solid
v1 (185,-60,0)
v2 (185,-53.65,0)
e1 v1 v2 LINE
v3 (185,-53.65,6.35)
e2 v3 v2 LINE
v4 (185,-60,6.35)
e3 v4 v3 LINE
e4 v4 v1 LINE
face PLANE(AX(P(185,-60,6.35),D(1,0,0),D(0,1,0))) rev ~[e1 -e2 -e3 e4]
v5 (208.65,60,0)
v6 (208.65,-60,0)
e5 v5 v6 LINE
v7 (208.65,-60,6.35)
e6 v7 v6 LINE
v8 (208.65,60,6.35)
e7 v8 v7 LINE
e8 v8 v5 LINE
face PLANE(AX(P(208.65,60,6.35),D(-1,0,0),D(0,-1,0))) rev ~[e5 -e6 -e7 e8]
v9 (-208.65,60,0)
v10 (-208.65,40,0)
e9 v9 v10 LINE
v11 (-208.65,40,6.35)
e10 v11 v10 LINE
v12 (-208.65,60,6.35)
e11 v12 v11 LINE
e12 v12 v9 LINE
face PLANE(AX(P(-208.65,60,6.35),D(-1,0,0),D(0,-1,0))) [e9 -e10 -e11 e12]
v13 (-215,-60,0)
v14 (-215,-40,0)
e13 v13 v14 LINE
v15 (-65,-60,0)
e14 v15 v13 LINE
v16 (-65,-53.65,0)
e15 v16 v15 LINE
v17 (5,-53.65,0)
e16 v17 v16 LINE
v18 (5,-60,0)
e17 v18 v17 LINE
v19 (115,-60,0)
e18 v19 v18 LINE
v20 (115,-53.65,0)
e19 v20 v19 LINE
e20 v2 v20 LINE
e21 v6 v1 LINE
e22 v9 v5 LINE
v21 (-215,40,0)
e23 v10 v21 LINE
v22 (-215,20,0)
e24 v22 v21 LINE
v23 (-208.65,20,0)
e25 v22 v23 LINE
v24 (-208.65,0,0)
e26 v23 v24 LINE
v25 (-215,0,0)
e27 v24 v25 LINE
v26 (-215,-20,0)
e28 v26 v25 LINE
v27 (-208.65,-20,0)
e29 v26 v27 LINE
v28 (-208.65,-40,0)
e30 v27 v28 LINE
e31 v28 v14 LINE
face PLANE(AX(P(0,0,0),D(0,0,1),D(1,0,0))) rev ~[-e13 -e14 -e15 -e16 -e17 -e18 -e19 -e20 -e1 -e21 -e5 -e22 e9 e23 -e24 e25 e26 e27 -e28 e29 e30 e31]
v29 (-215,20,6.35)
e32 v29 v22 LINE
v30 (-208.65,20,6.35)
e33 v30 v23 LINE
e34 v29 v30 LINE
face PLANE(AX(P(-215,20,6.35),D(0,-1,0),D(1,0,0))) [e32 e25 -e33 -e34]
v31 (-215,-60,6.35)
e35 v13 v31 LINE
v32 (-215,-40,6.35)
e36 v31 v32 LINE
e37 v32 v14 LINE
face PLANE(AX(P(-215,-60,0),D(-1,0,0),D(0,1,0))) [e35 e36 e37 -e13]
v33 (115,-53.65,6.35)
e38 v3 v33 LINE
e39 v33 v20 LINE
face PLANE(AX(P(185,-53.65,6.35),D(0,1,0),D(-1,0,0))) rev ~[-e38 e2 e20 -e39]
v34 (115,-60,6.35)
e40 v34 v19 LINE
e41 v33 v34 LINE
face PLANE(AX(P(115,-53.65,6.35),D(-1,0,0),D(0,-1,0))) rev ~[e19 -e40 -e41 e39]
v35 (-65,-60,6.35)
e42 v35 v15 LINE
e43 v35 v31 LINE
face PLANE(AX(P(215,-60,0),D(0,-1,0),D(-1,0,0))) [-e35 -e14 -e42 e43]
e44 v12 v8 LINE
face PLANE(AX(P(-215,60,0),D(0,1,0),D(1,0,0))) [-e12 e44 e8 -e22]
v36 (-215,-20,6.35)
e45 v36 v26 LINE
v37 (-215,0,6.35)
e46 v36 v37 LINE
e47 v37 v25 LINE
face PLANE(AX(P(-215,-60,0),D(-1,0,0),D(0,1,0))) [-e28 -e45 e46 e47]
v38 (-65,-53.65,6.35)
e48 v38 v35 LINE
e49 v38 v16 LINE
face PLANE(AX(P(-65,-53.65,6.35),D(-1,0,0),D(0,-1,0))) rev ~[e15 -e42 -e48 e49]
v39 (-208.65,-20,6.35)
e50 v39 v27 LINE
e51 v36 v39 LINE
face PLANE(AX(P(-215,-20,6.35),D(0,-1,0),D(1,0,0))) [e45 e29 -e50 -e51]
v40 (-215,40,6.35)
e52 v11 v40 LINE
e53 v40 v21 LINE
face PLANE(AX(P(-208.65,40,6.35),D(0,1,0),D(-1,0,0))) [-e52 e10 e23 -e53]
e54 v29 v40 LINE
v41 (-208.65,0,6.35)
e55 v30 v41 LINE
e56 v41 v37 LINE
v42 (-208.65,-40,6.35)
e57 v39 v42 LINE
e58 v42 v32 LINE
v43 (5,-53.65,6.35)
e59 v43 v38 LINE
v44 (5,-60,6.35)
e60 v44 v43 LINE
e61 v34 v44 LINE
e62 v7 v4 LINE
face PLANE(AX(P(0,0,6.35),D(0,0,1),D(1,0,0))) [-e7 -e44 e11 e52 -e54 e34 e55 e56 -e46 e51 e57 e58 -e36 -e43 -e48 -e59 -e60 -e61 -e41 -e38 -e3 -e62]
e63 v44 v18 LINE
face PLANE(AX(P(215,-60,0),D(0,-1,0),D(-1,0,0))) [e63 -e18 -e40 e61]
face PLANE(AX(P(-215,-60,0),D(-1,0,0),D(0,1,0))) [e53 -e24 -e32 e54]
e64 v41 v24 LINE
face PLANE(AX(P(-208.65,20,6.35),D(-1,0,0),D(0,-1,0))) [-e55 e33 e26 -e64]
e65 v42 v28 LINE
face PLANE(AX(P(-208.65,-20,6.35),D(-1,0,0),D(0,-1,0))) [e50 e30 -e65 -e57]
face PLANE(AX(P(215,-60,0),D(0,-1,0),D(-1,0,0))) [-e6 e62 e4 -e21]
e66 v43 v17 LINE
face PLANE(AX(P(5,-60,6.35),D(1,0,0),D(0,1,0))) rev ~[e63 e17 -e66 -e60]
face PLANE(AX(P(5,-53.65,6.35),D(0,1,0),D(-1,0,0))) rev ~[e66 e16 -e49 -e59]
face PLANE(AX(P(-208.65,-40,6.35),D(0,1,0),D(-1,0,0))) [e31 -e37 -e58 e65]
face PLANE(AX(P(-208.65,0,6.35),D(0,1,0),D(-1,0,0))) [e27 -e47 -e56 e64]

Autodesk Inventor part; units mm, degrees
ref_plane "YZ Plane" through (0, 0, 0) normal (1, 0, 0) x (0, 1, 0)
ref_plane "XZ Plane" through (0, 0, 0) normal (0, 1, 0) x (-1, 0, 0)
ref_plane "XY Plane" through (0, 0, 0) normal (0, 0, 1) x (1, 0, 0)
sketch "Sketch1" plane through (0, 0, 0) normal (0, 0, 1) x (1, 0, 0)
  line L0 (-215, 60) -> (215, 60)
  line L1 (215, 60) -> (215, -60)
  line L2 (215, -60) -> (-215, -60)
  line L3 (-215, -60) -> (-215, 60)
  point P0 (0, 0)
  dimension "d0" = 120
  dimension "d1" = 430
  dimension "d2" = 215
  dimension "d3" = 60
extrude "Extrusion1" add sketch "Sketch1" along normal blind 6.35
sketch "Sketch2" plane through (0, 0, 6.35) normal (0, 0, 1) x (1, 0, 0)
  line L0 (215, 60) -> (-215, 60) projected
  line L1 (-215, 60) -> (-208.65, 60)
  line L2 (-208.65, 60) -> (-208.65, 40)
  line L3 (-208.65, 40) -> (-215, 40)
  line L4 (-215, 40) -> (-215, 60)
  line L5 (-215, 60) -> (-215, -60) projected
  line L6 (-215, 20) -> (-208.65, 20)
  line L7 (-208.65, 20) -> (-208.65, 0)
  line L8 (-208.65, 0) -> (-215, 0)
  line L9 (-215, 0) -> (-215, 20)
  line L10 (-215, -20) -> (-208.65, -20)
  line L11 (-208.65, -20) -> (-208.65, -40)
  line L12 (-208.65, -40) -> (-215, -40)
  line L13 (-215, -40) -> (-215, -20)
  line L14 (-215, -60) -> (-215, -55)
  line L15 (215, 60) -> (208.65, 60)
  line L16 (208.65, 60) -> (208.65, 40)
  line L17 (208.65, 40) -> (215, 40)
  line L18 (215, 40) -> (215, 60)
  line L19 (215, -60) -> (215, 60) projected
  line L20 (215, 20) -> (208.65, 20)
  line L21 (208.65, 20) -> (208.65, 0)
  line L22 (208.65, 0) -> (215, 0)
  line L23 (215, 0) -> (215, 20)
  line L24 (215, -20) -> (208.65, -20)
  line L25 (208.65, -20) -> (208.65, -40)
  line L26 (208.65, -40) -> (215, -40)
  line L27 (215, -40) -> (215, -20)
  line L28 (215, -60) -> (215, 60) projected
  line L29 (215, -60) -> (215, -55)
  point P0 (0, 0)
  point P1 (208.65, -60)
  dimension "d6" = 6.35
  dimension "d7" = 20
  dimension "d8" = 20
  dimension "d9" = 20
  dimension "d10" = 20
  dimension "d11" = 20
  dimension "d13" = 20
  dimension "d14" = 20
  dimension "d15" = 20
  dimension "d16" = 20
  dimension "d17" = 20
  dimension "d19" = 6.35
extrude "Extrusion2" cut sketch "Sketch2" against normal through all
sketch "Sketch3" plane through (0, 0, 6.35) normal (0, 0, 1) x (1, 0, 0)
  line L0 (-215, -60) -> (215, -60) projected
  line L1 (-65, -60) -> (5, -60)
  line L2 (5, -60) -> (5, -53.65)
  line L3 (5, -53.65) -> (-65, -53.65)
  line L4 (-65, -53.65) -> (-65, -60)
  line L5 (115, -60) -> (185, -60)
  line L6 (185, -60) -> (185, -53.65)
  line L7 (185, -53.65) -> (115, -53.65)
  line L8 (115, -53.65) -> (115, -60)
  point P0 (0, 0)
  point P1 (-268.65, -60)
  point P2 (268.65, -60)
  point P3 (185, -60)
  dimension "d22" = 70
  dimension "d23" = 70
  dimension "d25" = 110
  dimension "d26" = 6.35
  dimension "d27" = 6.35
  dimension "d30" = 150
extrude "Extrusion3" cut sketch "Sketch3" against normal through all
sketch "Sketch4" plane through (0, 0, 6.35) normal (0, 0, 1) x (1, 0, 0)
  line L0 (208.65, 60) -> (-208.65, 60) projected
  line L1 (208.65, 60) -> (215, 60)
  line L2 (215, 60) -> (215, -60)
  line L3 (215, -60) -> (208.65, -60)
  line L4 (208.65, -60) -> (208.65, 60)
  line L5 (185, -53.65) -> (185, -60) construction
  line L6 (185, -60) -> (215, -60) construction
  line L7 (215, -60) -> (215, -40) construction
  line L8 (215, -40) -> (208.65, -40) construction
  line L9 (208.65, -40) -> (208.65, -20) construction
  line L10 (208.65, -20) -> (215, -20) construction
  line L11 (215, -20) -> (215, 0) construction
  line L12 (215, 0) -> (208.65, 0) construction
  line L13 (208.65, 0) -> (208.65, 20) construction
  line L14 (208.65, 20) -> (215, 20) construction
  line L15 (215, 20) -> (215, 40) construction
  line L16 (215, 40) -> (208.65, 40) construction
  line L17 (208.65, 40) -> (208.65, 60) construction
  line L18 (208.65, 60) -> (-208.65, 60) projected
  line L19 (-208.65, 60) -> (-208.65, 40) projected
  line L20 (-208.65, 40) -> (-215, 40) projected
  line L21 (-215, 40) -> (-215, 20) projected
  line L22 (-215, 20) -> (-208.65, 20) projected
  line L23 (-208.65, 20) -> (-208.65, 0) projected
  line L24 (-208.65, 0) -> (-215, 0) projected
  line L25 (-215, 0) -> (-215, -20) projected
  line L26 (-215, -20) -> (-208.65, -20) projected
  line L27 (-208.65, -20) -> (-208.65, -40) projected
  line L28 (-208.65, -40) -> (-215, -40) projected
  line L29 (-215, -40) -> (-215, -60) projected
  line L30 (-215, -60) -> (-65, -60) projected
  line L31 (-65, -60) -> (-65, -53.65) projected
  line L32 (-65, -53.65) -> (5, -53.65) projected
  line L33 (5, -53.65) -> (5, -60) projected
  line L34 (5, -60) -> (115, -60) projected
  line L35 (115, -60) -> (115, -53.65) projected
  line L36 (115, -53.65) -> (185, -53.65) construction
  point P0 (0, 0)
  point P1 (211.825, -60)
extrude "Extrusion4" cut sketch "Sketch4" against normal through all
equation "\"d2\" = 0.5 * d1"
equation "\"d3\" = 0.5 * d0"
equation "\"d10\" = d8"
equation "\"d27\" = d26"
properties part number "2202_Housing Side_V1" material "Wood (Birch)"
